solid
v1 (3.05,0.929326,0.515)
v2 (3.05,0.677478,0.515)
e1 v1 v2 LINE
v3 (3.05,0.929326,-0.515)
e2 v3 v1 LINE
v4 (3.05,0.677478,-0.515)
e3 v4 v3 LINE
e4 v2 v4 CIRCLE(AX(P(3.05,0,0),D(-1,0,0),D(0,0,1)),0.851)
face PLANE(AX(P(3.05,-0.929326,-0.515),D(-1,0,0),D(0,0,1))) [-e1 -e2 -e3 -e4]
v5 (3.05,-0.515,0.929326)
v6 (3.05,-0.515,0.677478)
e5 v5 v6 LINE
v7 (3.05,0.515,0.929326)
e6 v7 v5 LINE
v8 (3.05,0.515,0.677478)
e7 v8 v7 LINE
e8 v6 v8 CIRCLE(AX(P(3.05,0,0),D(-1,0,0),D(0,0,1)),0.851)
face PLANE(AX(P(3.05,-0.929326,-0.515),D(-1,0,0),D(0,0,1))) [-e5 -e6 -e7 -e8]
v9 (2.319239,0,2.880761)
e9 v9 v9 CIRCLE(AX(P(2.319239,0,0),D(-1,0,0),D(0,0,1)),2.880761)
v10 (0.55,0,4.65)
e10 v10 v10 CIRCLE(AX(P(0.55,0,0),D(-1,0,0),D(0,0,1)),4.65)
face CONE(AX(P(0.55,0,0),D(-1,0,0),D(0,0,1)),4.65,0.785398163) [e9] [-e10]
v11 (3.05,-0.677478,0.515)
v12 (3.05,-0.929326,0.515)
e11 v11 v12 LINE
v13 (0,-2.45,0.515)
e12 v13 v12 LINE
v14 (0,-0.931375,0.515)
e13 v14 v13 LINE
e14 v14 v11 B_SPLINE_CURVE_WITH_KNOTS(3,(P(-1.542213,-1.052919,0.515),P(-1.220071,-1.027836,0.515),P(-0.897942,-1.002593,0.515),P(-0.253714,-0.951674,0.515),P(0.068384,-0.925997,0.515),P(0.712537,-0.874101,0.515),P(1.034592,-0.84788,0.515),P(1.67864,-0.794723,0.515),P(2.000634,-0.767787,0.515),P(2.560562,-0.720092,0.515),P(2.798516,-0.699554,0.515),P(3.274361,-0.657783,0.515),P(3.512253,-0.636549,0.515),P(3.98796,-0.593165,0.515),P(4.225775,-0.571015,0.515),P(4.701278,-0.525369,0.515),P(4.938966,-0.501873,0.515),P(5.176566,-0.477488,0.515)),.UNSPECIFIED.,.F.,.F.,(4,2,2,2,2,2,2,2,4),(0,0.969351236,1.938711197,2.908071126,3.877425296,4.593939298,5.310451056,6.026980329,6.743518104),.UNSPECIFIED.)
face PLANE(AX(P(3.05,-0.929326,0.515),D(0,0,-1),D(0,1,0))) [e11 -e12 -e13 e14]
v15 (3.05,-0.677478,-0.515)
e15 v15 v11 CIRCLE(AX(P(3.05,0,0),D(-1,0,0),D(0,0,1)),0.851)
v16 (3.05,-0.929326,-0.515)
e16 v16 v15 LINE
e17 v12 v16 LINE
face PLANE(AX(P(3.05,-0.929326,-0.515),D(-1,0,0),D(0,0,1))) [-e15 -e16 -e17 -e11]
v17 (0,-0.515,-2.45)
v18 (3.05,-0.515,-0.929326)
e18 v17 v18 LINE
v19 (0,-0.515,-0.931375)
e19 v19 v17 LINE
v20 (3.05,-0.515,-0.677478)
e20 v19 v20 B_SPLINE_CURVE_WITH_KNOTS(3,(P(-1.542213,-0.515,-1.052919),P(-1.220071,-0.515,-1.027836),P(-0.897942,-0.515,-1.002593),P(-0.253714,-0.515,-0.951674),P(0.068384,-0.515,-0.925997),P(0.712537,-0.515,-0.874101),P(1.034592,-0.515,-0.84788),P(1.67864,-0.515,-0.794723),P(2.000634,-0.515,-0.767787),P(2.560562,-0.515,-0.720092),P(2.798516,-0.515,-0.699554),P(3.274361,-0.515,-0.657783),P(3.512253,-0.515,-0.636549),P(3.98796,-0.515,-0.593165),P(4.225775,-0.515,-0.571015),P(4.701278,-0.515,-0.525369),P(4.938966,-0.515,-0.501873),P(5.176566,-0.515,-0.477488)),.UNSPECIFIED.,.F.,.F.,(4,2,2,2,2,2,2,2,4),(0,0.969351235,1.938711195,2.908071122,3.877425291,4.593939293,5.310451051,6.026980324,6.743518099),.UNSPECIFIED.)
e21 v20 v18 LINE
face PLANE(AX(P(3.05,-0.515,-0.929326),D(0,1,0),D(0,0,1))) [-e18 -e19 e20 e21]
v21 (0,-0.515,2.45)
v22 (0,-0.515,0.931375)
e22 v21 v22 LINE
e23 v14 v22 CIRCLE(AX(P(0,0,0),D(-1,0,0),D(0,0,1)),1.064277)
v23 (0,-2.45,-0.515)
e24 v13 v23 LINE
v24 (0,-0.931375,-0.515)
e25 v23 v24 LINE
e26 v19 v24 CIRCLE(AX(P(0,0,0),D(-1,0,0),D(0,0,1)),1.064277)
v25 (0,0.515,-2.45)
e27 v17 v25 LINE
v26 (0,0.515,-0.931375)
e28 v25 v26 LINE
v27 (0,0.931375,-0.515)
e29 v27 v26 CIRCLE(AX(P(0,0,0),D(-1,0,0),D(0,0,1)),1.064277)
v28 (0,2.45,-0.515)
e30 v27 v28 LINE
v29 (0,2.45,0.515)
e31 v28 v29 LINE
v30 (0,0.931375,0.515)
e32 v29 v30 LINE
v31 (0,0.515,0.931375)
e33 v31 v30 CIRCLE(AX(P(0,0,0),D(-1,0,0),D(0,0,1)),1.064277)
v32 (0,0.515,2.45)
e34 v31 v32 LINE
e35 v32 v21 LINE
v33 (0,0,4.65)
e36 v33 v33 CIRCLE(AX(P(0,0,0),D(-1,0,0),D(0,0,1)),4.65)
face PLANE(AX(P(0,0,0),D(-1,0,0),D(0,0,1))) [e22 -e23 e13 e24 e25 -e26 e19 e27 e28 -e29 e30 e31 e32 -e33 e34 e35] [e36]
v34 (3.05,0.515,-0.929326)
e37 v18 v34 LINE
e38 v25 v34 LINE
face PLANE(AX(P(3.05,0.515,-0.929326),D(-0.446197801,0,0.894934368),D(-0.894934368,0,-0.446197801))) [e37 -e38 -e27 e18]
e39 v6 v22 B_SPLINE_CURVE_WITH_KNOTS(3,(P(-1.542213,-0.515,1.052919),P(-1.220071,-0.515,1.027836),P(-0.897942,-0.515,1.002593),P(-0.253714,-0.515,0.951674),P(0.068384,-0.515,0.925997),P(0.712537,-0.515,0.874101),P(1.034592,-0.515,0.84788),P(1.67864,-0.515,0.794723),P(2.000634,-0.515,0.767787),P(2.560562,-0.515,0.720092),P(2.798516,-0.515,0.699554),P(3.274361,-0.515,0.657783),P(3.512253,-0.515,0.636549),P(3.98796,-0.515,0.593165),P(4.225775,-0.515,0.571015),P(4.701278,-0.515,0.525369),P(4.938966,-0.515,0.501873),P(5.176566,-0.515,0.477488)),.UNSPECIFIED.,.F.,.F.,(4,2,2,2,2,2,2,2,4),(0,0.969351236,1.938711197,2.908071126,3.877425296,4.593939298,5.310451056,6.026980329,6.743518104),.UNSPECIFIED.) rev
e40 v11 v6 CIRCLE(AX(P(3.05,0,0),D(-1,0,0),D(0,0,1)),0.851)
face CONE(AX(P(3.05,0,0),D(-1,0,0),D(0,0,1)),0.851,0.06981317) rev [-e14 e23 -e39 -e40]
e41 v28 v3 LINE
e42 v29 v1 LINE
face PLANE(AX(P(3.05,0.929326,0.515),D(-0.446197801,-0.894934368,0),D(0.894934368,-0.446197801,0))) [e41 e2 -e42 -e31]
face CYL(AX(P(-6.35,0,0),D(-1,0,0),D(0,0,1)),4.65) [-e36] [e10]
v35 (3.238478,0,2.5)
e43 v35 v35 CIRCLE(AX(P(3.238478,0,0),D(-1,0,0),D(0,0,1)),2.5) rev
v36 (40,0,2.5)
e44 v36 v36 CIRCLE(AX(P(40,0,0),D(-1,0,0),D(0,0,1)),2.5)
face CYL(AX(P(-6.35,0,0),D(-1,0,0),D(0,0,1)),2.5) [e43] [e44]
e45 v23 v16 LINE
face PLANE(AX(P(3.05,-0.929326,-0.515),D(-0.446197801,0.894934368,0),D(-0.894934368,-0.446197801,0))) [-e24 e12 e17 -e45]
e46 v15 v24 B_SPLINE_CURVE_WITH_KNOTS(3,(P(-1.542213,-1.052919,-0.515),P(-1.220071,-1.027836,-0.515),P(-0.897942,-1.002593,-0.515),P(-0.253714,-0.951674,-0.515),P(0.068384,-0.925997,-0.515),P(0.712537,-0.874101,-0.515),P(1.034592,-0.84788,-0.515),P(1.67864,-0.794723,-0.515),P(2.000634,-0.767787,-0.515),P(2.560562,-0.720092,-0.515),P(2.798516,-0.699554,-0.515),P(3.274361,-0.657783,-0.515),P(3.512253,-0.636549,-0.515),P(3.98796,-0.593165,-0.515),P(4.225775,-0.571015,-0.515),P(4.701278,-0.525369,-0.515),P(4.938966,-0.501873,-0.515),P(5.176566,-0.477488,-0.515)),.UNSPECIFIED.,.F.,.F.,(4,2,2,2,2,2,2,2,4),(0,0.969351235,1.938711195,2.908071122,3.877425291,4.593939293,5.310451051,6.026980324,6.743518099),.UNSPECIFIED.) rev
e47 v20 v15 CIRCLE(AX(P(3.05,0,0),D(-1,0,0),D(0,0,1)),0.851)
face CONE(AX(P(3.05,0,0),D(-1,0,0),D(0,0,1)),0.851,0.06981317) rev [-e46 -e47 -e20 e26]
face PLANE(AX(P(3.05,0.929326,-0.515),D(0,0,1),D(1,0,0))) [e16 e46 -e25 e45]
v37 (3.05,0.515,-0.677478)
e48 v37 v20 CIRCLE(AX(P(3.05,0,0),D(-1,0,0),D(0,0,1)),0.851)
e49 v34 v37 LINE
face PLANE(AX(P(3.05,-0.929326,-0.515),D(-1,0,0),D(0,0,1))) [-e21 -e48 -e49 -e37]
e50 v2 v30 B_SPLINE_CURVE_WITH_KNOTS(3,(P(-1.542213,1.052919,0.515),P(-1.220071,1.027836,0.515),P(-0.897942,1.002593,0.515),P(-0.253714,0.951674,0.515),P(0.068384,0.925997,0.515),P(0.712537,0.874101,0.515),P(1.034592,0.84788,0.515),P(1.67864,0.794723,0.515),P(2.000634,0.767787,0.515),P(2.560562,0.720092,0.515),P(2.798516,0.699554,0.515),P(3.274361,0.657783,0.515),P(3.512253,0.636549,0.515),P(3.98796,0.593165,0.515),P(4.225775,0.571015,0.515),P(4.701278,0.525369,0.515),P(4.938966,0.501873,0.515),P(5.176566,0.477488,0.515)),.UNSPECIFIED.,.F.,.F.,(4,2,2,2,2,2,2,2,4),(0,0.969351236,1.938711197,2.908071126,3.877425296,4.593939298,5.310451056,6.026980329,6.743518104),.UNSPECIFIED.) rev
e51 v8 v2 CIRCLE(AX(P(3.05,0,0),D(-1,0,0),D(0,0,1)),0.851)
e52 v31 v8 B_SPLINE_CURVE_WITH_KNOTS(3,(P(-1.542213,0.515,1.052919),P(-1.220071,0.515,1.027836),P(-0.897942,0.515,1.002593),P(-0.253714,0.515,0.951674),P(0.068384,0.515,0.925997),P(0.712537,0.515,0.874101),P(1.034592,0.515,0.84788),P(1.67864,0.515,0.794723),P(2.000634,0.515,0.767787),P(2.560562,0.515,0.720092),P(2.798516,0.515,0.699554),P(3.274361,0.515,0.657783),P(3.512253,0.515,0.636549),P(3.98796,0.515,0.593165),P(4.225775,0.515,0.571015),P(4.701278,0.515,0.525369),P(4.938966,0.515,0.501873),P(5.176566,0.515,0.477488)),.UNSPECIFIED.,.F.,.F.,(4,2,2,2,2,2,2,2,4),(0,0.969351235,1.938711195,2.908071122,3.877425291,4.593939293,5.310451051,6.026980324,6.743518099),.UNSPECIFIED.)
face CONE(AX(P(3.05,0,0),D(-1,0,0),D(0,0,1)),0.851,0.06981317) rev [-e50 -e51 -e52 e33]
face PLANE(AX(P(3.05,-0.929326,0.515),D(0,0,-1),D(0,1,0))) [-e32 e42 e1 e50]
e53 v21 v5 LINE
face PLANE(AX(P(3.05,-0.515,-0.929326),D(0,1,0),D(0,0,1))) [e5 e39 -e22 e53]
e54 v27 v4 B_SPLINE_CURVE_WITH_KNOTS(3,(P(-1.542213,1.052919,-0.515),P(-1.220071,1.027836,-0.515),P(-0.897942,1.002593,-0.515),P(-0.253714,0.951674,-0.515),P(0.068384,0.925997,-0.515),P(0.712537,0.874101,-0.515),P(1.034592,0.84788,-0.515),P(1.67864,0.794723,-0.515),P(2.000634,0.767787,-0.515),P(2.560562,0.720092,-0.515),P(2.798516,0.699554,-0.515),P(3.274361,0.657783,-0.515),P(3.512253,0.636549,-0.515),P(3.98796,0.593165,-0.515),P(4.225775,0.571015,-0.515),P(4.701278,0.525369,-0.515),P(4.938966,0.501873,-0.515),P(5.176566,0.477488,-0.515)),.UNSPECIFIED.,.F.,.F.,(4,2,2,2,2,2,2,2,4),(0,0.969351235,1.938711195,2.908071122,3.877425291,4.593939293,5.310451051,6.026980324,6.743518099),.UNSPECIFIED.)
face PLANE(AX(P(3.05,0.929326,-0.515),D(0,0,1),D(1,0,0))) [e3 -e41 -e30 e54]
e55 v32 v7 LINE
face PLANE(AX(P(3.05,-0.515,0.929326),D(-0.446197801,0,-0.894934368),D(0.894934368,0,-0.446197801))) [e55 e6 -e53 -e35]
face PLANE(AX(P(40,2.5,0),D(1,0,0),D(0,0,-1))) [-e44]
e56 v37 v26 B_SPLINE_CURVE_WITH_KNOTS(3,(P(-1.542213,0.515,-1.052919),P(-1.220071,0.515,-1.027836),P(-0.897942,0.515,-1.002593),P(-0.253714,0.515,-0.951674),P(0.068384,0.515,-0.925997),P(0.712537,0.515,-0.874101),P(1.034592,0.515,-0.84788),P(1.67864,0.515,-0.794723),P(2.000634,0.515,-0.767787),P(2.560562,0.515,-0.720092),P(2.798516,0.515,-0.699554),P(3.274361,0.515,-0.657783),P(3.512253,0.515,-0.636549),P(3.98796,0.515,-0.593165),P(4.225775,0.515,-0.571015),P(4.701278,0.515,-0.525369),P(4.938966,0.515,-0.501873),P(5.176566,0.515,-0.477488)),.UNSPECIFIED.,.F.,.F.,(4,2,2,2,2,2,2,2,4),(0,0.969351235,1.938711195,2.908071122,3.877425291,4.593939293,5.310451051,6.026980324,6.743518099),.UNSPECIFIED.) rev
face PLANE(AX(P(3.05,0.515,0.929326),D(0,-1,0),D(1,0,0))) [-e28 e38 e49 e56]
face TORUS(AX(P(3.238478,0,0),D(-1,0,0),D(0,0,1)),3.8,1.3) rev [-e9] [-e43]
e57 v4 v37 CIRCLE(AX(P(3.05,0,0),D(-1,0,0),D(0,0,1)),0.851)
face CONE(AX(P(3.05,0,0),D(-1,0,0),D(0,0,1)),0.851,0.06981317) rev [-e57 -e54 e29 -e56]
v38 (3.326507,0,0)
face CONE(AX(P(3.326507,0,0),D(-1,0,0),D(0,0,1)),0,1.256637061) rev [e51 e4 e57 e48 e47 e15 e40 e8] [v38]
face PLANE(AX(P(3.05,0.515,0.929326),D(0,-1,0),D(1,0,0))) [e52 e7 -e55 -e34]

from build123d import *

# Parameters (mm, degrees)
FILLET1_R    = 1.3
SKETCH3_W    = 1.03
SKETCH3_H    = 4.9
SKETCH4_W    = 1.03
SKETCH4_H    = 1.858652296
RECPAT_COUNT = 2
RECPAT_ANGLE = 90


with BuildPart() as part:
    # BodySke → Base-Revolve (revolve)
    with BuildSketch(Plane.XY):
        Polygon((0, 0), (0, 4.65), (0.55, 4.65), (2.7, 2.5), (40, 2.5), (40, 0), align=None)
    revolve(axis=Axis((-6.35, 0, 0), (1, 0, 0)))

    # Fillet1
    fillet1_edges = [part.edges().sort_by_distance(p)[0] for p in [
        (2.7, -2.5, 0),
    ]]
    fillet(fillet1_edges, radius=FILLET1_R)

    # Sketch3 → Recess section 0
    with BuildSketch(Plane.ZY):
        Rectangle(SKETCH3_W, SKETCH3_H)
    # Sketch4 → Recess section 1
    with BuildSketch(Plane.ZY.offset(-3.05)):
        Rectangle(SKETCH4_W, SKETCH4_H)
    recess = loft(mode=Mode.SUBTRACT)

    # RecPat: Recess ×2 about axis
    recpat_axis = Axis((0, 0, 0), (1, 0, 0))
    for i in range(1, RECPAT_COUNT):
        add(recess.rotate(recpat_axis, i * RECPAT_ANGLE / (RECPAT_COUNT - 1)), mode=Mode.SUBTRACT)

    # RecCorSke → RecessCore (revolve, cut)
    with BuildSketch(Plane.XY):
        Polygon((0, 0), (0, 1.064276776), (3.05, 0.851), (3.326506661, 0), align=None)
    revolve(axis=Axis((-3.175, 0, 0), (1, 0, 0)), mode=Mode.SUBTRACT)


solid = part.part
